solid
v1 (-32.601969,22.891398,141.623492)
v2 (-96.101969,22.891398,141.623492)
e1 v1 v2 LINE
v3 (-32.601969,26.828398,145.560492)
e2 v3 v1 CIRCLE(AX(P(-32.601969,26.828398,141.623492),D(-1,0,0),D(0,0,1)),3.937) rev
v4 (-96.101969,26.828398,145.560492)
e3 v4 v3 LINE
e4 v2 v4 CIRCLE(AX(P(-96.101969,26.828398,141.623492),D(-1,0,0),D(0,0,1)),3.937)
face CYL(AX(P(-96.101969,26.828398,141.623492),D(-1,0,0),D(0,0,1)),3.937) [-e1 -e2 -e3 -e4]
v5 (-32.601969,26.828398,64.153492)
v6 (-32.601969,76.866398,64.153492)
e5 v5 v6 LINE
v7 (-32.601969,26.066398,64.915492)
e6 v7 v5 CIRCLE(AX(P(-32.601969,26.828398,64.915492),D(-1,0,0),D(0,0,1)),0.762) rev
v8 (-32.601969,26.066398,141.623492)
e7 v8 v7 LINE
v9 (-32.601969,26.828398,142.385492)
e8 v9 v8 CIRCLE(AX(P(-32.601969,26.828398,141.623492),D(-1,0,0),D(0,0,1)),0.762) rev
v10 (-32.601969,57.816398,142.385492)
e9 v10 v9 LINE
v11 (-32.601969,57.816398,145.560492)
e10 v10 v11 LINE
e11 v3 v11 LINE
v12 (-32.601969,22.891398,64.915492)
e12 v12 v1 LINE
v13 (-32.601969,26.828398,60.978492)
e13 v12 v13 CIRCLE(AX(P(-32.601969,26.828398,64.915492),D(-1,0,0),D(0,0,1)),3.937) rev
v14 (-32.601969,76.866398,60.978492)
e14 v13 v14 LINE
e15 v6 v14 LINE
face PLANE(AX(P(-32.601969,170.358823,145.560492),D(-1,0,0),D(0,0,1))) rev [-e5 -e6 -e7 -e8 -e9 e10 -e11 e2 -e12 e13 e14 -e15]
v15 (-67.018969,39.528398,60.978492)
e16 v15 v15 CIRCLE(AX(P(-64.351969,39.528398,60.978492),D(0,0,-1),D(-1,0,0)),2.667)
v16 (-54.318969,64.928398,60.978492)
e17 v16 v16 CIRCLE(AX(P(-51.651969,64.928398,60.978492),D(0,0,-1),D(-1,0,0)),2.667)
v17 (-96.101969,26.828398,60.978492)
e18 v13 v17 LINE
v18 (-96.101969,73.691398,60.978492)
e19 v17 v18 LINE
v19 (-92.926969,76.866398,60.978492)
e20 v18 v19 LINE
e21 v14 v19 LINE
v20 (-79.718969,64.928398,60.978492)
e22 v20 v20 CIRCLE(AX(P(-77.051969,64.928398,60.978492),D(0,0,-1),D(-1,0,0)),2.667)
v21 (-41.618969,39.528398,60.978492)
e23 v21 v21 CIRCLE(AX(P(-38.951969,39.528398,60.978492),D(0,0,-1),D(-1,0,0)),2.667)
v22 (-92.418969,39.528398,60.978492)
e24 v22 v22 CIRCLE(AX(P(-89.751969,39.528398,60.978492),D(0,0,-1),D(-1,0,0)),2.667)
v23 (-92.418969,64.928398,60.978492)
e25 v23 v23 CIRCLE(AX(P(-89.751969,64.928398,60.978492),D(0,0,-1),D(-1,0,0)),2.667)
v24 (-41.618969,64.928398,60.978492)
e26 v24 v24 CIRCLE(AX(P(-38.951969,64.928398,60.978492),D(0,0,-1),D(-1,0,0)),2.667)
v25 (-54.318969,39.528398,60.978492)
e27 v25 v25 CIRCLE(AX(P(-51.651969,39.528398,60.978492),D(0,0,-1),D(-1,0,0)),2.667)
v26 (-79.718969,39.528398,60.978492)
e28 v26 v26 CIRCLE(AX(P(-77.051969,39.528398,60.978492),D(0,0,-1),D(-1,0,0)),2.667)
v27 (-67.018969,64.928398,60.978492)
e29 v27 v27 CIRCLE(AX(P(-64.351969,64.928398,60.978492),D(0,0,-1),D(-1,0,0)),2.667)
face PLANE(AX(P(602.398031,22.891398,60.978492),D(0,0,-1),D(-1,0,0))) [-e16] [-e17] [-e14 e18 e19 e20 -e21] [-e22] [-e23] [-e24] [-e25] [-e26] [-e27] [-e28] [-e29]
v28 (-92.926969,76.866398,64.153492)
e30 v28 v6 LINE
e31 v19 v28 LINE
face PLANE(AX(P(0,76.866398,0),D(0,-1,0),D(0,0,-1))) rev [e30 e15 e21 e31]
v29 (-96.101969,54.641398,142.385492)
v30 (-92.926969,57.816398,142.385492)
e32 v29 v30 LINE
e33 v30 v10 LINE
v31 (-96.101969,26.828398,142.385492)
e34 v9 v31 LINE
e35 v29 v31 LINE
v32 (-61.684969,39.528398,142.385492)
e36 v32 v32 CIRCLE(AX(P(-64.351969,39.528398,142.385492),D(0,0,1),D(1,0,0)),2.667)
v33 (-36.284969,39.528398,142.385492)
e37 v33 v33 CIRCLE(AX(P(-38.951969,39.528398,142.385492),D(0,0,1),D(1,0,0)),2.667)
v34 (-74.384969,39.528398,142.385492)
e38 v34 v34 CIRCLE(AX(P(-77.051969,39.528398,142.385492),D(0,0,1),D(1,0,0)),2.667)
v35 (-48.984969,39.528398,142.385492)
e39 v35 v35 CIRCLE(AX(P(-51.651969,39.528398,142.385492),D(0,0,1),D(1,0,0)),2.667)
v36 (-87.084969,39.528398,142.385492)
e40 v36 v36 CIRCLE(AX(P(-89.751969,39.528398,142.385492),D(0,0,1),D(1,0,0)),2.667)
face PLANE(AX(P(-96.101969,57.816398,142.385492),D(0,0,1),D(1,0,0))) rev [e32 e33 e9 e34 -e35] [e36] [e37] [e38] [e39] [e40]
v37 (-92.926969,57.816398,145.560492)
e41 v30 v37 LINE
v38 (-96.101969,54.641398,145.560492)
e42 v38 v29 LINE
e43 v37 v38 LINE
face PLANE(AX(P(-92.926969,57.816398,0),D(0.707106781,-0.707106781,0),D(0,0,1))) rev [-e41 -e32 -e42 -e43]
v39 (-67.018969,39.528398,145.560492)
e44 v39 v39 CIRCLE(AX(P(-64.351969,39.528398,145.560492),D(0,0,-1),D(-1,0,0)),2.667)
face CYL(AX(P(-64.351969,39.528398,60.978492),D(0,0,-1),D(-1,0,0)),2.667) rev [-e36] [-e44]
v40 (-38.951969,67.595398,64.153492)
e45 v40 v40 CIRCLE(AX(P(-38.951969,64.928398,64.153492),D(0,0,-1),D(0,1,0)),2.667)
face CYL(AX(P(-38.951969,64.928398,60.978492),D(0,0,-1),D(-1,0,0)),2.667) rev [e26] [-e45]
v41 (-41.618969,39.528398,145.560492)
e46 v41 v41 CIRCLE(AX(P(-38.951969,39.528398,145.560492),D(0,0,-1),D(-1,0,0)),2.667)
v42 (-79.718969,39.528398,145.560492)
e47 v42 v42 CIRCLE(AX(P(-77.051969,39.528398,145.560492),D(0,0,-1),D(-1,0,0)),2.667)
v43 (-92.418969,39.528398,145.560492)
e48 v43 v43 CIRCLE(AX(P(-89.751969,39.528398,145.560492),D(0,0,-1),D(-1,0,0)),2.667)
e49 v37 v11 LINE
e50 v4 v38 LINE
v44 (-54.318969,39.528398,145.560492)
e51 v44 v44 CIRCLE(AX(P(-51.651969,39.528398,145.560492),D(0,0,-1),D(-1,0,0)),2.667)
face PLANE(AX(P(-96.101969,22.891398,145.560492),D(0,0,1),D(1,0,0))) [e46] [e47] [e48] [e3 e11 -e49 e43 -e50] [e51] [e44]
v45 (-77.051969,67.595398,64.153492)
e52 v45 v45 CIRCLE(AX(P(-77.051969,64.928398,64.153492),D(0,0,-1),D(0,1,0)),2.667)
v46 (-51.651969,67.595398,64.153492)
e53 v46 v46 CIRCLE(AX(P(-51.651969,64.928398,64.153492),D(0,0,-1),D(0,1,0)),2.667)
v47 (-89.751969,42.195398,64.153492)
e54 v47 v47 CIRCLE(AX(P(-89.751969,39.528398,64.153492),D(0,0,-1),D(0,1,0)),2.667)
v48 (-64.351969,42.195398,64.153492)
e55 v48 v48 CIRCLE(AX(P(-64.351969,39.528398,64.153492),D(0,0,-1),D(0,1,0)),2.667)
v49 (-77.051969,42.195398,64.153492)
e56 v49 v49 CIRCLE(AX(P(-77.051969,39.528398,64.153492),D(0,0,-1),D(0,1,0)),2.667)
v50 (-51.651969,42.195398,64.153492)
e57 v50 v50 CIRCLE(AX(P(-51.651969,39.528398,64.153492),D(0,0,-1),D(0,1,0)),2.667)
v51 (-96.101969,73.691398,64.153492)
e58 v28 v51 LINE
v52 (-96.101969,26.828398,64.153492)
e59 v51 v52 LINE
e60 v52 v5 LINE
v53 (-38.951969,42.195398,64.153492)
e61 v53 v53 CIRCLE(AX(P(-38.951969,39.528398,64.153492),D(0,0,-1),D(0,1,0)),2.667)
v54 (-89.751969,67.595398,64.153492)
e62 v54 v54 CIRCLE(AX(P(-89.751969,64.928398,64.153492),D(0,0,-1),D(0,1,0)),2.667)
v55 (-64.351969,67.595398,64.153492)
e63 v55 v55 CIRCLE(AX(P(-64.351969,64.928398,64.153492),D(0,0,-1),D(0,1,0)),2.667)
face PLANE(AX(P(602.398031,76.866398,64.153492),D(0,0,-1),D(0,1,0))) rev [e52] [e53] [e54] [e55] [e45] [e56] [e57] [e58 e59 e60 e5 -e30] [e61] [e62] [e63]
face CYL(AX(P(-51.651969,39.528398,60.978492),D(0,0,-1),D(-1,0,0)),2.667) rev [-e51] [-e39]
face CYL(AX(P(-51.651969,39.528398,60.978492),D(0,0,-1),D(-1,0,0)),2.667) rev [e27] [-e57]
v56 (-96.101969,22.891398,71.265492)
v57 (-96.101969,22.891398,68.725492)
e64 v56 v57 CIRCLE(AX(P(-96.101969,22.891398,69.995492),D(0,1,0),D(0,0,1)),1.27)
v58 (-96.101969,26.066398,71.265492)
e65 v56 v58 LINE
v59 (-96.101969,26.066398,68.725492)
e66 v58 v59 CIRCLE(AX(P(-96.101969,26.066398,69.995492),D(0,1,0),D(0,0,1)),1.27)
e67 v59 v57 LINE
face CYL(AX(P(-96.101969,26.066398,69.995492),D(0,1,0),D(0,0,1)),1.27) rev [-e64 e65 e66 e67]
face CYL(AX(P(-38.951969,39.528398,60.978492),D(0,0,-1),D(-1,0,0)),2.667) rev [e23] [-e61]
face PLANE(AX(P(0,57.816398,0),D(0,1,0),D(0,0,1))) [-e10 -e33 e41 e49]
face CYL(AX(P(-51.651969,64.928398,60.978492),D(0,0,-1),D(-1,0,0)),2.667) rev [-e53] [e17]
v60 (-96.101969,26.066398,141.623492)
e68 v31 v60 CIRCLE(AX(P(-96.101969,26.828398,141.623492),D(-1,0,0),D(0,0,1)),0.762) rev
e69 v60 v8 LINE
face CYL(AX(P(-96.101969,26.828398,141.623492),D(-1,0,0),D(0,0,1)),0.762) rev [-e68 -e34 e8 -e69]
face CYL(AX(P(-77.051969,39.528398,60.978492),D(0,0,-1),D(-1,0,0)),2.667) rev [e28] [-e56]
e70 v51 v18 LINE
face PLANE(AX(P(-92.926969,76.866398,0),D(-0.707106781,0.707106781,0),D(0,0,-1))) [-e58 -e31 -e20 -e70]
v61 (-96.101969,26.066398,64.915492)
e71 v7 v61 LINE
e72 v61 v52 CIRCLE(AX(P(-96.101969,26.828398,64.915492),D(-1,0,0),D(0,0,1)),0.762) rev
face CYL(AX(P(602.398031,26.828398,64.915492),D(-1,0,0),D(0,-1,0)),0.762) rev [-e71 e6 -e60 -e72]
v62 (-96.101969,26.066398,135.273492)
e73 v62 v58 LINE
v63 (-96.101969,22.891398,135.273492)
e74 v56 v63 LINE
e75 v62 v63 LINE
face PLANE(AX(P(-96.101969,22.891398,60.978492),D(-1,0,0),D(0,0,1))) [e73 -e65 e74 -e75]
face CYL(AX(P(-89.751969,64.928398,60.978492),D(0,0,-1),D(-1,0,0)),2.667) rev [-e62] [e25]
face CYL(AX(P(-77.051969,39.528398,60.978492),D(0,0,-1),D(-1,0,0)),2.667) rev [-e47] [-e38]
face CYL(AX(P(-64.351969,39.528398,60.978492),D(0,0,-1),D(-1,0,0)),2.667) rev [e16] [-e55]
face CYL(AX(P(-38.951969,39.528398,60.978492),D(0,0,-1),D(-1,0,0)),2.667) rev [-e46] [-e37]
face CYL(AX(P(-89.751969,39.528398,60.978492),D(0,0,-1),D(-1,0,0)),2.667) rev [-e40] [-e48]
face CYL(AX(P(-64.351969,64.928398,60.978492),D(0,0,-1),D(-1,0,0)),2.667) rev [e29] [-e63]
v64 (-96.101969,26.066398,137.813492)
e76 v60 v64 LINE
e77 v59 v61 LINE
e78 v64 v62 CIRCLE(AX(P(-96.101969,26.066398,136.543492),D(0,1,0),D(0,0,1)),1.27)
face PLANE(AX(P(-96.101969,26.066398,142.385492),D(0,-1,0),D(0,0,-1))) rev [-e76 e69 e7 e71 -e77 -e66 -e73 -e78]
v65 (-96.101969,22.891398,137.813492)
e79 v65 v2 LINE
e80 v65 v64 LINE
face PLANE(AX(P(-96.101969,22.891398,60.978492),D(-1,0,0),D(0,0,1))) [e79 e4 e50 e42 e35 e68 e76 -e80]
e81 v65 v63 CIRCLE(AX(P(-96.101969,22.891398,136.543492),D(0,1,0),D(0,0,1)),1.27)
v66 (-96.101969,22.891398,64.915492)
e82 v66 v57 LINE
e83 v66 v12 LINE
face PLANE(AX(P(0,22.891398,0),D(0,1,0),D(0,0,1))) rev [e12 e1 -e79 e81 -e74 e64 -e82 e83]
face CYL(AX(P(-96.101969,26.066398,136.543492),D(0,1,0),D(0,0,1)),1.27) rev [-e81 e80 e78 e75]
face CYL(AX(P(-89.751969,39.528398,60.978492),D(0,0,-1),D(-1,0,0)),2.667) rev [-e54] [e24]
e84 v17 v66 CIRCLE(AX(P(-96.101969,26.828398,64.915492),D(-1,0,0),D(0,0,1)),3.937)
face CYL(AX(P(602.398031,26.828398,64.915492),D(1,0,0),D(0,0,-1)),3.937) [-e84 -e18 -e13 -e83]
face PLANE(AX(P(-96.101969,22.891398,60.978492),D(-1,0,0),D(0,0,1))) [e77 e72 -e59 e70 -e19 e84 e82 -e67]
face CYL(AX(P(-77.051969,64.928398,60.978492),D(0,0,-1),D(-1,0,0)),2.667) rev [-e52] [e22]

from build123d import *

# Parameters (mm, degrees)
SKETCH1_W            = 698.5
SKETCH1_H            = 84.582
BOSS_EXTRUDE1_DEPTH  = 34.925
SKETCH2_W            = 81.407
SKETCH2_H            = 31.75
CUT_EXTRUDE1_DEPTH   = 699.5
SKETCH3_W            = 698.5
SKETCH3_H            = 3.175
BOSS_EXTRUDE2_DEPTH  = 50.8
M2_CLEARANCE_HOLE1_D = 2.54
M5_CLEARANCE_HOLE1_D = 5.334
CHAMFER1_SIZE        = 3.175
FILLET1_R            = 0.762
FILLET2_R            = 3.937
SKETCH8_W            = 725.924928317
SKETCH8_H            = 218.216354959
CUT_EXTRUDE2_DEPTH   = 85.582


with BuildPart() as part:
    # Sketch1 → Boss-Extrude1 (new body)
    with BuildSketch(Plane(origin=(0, 57.816398039, 0), x_dir=(1, 0, 0), z_dir=(0, 1, 0))):
        with Locations((253.148031467, -103.269491579)):
            Rectangle(SKETCH1_W, SKETCH1_H)
    extrude(amount=-BOSS_EXTRUDE1_DEPTH)

    # Sketch2 → Cut-Extrude1 (cut, through all)
    with BuildSketch(Plane(origin=(602.398031467, 0, 0), x_dir=(0, 0, -1), z_dir=(1, 0, 0))):
        with Locations((-101.681991579, 41.941398039)):
            Rectangle(SKETCH2_W, SKETCH2_H)
    extrude(amount=-CUT_EXTRUDE1_DEPTH, mode=Mode.SUBTRACT)

    # Sketch3 → Boss-Extrude2 (add)
    with BuildSketch(Plane(origin=(0, 26.066398039, 0), x_dir=(-1, 0, 0), z_dir=(0, 1, 0))):
        with Locations((-253.148031467, 62.565991579)):
            Rectangle(SKETCH3_W, SKETCH3_H)
    extrude(amount=BOSS_EXTRUDE2_DEPTH)

    # M2 Clearance Hole1 (through all)
    with Locations(Plane(origin=(0, 26.066398039, 0), x_dir=(1, 0, 0), z_dir=(0, 1, 0))):
        with Locations((-96.101968533, -136.543491579), (-96.101968533, -69.995491579)):
            Hole(M2_CLEARANCE_HOLE1_D / 2)

    # M5 Clearance Hole1 (through all)
    with Locations(Plane(origin=(0, 0, 60.978491579), x_dir=(-1, 0, 0), z_dir=(0, 0, -1))):
        with Locations((-469.048031467, 64.928398039), (-481.748031467, 64.928398039), (-469.048031467, 39.528398039), (-481.748031467, 39.528398039), (-456.348031467, 39.528398039), (-443.648031467, 39.528398039), (-430.948031467, 39.528398039), (-418.248031467, 39.528398039), (-405.548031467, 39.528398039), (-392.848031467, 39.528398039), (-380.148031467, 39.528398039), (-367.448031467, 39.528398039), (-354.748031467, 39.528398039), (-342.048031467, 39.528398039), (-329.348031467, 39.528398039), (-316.648031467, 39.528398039), (-303.948031467, 39.528398039), (-291.248031467, 39.528398039), (-278.548031467, 39.528398039), (-265.848031467, 39.528398039), (-253.148031467, 39.528398039), (-240.448031467, 39.528398039), (-227.748031467, 39.528398039), (-215.048031467, 39.528398039), (-202.348031467, 39.528398039), (-189.648031467, 39.528398039), (-176.948031467, 39.528398039), (-164.248031467, 39.528398039), (-151.548031467, 39.528398039), (-138.848031467, 39.528398039), (-126.148031467, 39.528398039), (-113.448031467, 39.528398039), (-100.748031467, 39.528398039), (-88.048031467, 39.528398039), (-75.348031467, 39.528398039), (-62.648031467, 39.528398039), (-49.948031467, 39.528398039), (-37.248031467, 39.528398039), (-24.548031467, 39.528398039), (-11.848031467, 39.528398039), (0.851968533, 39.528398039), (13.551968533, 39.528398039), (26.251968533, 39.528398039), (38.951968533, 39.528398039), (51.651968533, 39.528398039), (64.351968533, 39.528398039), (77.051968533, 39.528398039), (89.751968533, 39.528398039), (-456.348031467, 64.928398039), (-443.648031467, 64.928398039), (-430.948031467, 64.928398039), (-418.248031467, 64.928398039), (-405.548031467, 64.928398039), (-392.848031467, 64.928398039), (-380.148031467, 64.928398039), (-367.448031467, 64.928398039), (-354.748031467, 64.928398039), (-342.048031467, 64.928398039), (-329.348031467, 64.928398039), (-316.648031467, 64.928398039), (-303.948031467, 64.928398039), (-291.248031467, 64.928398039), (-278.548031467, 64.928398039), (-265.848031467, 64.928398039), (-253.148031467, 64.928398039), (-240.448031467, 64.928398039), (-227.748031467, 64.928398039), (-215.048031467, 64.928398039), (-202.348031467, 64.928398039), (-189.648031467, 64.928398039), (-176.948031467, 64.928398039), (-164.248031467, 64.928398039), (-151.548031467, 64.928398039), (-138.848031467, 64.928398039), (-126.148031467, 64.928398039), (-113.448031467, 64.928398039), (-100.748031467, 64.928398039), (-88.048031467, 64.928398039), (-75.348031467, 64.928398039), (-62.648031467, 64.928398039), (-49.948031467, 64.928398039), (-37.248031467, 64.928398039), (-24.548031467, 64.928398039), (-11.848031467, 64.928398039), (0.851968533, 64.928398039), (13.551968533, 64.928398039), (26.251968533, 64.928398039), (38.951968533, 64.928398039), (51.651968533, 64.928398039), (64.351968533, 64.928398039), (77.051968533, 64.928398039), (89.751968533, 64.928398039), (-494.448031467, 64.928398039), (-494.448031467, 39.528398039), (-507.148031467, 64.928398039), (-507.148031467, 39.528398039), (-519.848031467, 64.928398039), (-519.848031467, 39.528398039), (-532.548031467, 64.928398039), (-532.548031467, 39.528398039), (-545.248031467, 64.928398039), (-545.248031467, 39.528398039), (-557.948031467, 64.928398039), (-557.948031467, 39.528398039), (-570.648031467, 64.928398039), (-570.648031467, 39.528398039), (-583.348031467, 64.928398039), (-583.348031467, 39.528398039), (-596.048031467, 64.928398039), (-596.048031467, 39.528398039)):
            Hole(M5_CLEARANCE_HOLE1_D / 2)

    # Chamfer1
    chamfer1_edges = [part.edges().sort_by_distance(p)[0] for p in [
        (-96.101968533, 57.816398039, 143.972991579),
        (-96.101968533, 76.866398039, 62.565991579),
        (602.398031467, 76.866398039, 62.565991579),
        (602.398031467, 57.816398039, 143.972991579),
    ]]
    chamfer(chamfer1_edges, length=CHAMFER1_SIZE)

    # Fillet1
    fillet1_edges = [part.edges().sort_by_distance(p)[0] for p in [
        (253.148031467, 26.066398039, 142.385491579),
        (253.148031467, 26.066398039, 64.153491579),
    ]]
    fillet(fillet1_edges, radius=FILLET1_R)

    # Fillet2
    fillet2_edges = [part.edges().sort_by_distance(p)[0] for p in [
        (253.148031467, 22.891398039, 60.978491579),
        (253.148031467, 22.891398039, 145.560491579),
    ]]
    fillet(fillet2_edges, radius=FILLET2_R)

    # Sketch8 → Cut-Extrude2 (cut, through all)
    with BuildSketch(Plane(origin=(0, 0, 60.978491579), x_dir=(-1, 0, 0), z_dir=(0, 0, -1))):
        with Locations((-330.360495626, 61.250645378)):
            Rectangle(SKETCH8_W, SKETCH8_H)
    extrude(amount=-CUT_EXTRUDE2_DEPTH, mode=Mode.SUBTRACT)


solid = part.part
